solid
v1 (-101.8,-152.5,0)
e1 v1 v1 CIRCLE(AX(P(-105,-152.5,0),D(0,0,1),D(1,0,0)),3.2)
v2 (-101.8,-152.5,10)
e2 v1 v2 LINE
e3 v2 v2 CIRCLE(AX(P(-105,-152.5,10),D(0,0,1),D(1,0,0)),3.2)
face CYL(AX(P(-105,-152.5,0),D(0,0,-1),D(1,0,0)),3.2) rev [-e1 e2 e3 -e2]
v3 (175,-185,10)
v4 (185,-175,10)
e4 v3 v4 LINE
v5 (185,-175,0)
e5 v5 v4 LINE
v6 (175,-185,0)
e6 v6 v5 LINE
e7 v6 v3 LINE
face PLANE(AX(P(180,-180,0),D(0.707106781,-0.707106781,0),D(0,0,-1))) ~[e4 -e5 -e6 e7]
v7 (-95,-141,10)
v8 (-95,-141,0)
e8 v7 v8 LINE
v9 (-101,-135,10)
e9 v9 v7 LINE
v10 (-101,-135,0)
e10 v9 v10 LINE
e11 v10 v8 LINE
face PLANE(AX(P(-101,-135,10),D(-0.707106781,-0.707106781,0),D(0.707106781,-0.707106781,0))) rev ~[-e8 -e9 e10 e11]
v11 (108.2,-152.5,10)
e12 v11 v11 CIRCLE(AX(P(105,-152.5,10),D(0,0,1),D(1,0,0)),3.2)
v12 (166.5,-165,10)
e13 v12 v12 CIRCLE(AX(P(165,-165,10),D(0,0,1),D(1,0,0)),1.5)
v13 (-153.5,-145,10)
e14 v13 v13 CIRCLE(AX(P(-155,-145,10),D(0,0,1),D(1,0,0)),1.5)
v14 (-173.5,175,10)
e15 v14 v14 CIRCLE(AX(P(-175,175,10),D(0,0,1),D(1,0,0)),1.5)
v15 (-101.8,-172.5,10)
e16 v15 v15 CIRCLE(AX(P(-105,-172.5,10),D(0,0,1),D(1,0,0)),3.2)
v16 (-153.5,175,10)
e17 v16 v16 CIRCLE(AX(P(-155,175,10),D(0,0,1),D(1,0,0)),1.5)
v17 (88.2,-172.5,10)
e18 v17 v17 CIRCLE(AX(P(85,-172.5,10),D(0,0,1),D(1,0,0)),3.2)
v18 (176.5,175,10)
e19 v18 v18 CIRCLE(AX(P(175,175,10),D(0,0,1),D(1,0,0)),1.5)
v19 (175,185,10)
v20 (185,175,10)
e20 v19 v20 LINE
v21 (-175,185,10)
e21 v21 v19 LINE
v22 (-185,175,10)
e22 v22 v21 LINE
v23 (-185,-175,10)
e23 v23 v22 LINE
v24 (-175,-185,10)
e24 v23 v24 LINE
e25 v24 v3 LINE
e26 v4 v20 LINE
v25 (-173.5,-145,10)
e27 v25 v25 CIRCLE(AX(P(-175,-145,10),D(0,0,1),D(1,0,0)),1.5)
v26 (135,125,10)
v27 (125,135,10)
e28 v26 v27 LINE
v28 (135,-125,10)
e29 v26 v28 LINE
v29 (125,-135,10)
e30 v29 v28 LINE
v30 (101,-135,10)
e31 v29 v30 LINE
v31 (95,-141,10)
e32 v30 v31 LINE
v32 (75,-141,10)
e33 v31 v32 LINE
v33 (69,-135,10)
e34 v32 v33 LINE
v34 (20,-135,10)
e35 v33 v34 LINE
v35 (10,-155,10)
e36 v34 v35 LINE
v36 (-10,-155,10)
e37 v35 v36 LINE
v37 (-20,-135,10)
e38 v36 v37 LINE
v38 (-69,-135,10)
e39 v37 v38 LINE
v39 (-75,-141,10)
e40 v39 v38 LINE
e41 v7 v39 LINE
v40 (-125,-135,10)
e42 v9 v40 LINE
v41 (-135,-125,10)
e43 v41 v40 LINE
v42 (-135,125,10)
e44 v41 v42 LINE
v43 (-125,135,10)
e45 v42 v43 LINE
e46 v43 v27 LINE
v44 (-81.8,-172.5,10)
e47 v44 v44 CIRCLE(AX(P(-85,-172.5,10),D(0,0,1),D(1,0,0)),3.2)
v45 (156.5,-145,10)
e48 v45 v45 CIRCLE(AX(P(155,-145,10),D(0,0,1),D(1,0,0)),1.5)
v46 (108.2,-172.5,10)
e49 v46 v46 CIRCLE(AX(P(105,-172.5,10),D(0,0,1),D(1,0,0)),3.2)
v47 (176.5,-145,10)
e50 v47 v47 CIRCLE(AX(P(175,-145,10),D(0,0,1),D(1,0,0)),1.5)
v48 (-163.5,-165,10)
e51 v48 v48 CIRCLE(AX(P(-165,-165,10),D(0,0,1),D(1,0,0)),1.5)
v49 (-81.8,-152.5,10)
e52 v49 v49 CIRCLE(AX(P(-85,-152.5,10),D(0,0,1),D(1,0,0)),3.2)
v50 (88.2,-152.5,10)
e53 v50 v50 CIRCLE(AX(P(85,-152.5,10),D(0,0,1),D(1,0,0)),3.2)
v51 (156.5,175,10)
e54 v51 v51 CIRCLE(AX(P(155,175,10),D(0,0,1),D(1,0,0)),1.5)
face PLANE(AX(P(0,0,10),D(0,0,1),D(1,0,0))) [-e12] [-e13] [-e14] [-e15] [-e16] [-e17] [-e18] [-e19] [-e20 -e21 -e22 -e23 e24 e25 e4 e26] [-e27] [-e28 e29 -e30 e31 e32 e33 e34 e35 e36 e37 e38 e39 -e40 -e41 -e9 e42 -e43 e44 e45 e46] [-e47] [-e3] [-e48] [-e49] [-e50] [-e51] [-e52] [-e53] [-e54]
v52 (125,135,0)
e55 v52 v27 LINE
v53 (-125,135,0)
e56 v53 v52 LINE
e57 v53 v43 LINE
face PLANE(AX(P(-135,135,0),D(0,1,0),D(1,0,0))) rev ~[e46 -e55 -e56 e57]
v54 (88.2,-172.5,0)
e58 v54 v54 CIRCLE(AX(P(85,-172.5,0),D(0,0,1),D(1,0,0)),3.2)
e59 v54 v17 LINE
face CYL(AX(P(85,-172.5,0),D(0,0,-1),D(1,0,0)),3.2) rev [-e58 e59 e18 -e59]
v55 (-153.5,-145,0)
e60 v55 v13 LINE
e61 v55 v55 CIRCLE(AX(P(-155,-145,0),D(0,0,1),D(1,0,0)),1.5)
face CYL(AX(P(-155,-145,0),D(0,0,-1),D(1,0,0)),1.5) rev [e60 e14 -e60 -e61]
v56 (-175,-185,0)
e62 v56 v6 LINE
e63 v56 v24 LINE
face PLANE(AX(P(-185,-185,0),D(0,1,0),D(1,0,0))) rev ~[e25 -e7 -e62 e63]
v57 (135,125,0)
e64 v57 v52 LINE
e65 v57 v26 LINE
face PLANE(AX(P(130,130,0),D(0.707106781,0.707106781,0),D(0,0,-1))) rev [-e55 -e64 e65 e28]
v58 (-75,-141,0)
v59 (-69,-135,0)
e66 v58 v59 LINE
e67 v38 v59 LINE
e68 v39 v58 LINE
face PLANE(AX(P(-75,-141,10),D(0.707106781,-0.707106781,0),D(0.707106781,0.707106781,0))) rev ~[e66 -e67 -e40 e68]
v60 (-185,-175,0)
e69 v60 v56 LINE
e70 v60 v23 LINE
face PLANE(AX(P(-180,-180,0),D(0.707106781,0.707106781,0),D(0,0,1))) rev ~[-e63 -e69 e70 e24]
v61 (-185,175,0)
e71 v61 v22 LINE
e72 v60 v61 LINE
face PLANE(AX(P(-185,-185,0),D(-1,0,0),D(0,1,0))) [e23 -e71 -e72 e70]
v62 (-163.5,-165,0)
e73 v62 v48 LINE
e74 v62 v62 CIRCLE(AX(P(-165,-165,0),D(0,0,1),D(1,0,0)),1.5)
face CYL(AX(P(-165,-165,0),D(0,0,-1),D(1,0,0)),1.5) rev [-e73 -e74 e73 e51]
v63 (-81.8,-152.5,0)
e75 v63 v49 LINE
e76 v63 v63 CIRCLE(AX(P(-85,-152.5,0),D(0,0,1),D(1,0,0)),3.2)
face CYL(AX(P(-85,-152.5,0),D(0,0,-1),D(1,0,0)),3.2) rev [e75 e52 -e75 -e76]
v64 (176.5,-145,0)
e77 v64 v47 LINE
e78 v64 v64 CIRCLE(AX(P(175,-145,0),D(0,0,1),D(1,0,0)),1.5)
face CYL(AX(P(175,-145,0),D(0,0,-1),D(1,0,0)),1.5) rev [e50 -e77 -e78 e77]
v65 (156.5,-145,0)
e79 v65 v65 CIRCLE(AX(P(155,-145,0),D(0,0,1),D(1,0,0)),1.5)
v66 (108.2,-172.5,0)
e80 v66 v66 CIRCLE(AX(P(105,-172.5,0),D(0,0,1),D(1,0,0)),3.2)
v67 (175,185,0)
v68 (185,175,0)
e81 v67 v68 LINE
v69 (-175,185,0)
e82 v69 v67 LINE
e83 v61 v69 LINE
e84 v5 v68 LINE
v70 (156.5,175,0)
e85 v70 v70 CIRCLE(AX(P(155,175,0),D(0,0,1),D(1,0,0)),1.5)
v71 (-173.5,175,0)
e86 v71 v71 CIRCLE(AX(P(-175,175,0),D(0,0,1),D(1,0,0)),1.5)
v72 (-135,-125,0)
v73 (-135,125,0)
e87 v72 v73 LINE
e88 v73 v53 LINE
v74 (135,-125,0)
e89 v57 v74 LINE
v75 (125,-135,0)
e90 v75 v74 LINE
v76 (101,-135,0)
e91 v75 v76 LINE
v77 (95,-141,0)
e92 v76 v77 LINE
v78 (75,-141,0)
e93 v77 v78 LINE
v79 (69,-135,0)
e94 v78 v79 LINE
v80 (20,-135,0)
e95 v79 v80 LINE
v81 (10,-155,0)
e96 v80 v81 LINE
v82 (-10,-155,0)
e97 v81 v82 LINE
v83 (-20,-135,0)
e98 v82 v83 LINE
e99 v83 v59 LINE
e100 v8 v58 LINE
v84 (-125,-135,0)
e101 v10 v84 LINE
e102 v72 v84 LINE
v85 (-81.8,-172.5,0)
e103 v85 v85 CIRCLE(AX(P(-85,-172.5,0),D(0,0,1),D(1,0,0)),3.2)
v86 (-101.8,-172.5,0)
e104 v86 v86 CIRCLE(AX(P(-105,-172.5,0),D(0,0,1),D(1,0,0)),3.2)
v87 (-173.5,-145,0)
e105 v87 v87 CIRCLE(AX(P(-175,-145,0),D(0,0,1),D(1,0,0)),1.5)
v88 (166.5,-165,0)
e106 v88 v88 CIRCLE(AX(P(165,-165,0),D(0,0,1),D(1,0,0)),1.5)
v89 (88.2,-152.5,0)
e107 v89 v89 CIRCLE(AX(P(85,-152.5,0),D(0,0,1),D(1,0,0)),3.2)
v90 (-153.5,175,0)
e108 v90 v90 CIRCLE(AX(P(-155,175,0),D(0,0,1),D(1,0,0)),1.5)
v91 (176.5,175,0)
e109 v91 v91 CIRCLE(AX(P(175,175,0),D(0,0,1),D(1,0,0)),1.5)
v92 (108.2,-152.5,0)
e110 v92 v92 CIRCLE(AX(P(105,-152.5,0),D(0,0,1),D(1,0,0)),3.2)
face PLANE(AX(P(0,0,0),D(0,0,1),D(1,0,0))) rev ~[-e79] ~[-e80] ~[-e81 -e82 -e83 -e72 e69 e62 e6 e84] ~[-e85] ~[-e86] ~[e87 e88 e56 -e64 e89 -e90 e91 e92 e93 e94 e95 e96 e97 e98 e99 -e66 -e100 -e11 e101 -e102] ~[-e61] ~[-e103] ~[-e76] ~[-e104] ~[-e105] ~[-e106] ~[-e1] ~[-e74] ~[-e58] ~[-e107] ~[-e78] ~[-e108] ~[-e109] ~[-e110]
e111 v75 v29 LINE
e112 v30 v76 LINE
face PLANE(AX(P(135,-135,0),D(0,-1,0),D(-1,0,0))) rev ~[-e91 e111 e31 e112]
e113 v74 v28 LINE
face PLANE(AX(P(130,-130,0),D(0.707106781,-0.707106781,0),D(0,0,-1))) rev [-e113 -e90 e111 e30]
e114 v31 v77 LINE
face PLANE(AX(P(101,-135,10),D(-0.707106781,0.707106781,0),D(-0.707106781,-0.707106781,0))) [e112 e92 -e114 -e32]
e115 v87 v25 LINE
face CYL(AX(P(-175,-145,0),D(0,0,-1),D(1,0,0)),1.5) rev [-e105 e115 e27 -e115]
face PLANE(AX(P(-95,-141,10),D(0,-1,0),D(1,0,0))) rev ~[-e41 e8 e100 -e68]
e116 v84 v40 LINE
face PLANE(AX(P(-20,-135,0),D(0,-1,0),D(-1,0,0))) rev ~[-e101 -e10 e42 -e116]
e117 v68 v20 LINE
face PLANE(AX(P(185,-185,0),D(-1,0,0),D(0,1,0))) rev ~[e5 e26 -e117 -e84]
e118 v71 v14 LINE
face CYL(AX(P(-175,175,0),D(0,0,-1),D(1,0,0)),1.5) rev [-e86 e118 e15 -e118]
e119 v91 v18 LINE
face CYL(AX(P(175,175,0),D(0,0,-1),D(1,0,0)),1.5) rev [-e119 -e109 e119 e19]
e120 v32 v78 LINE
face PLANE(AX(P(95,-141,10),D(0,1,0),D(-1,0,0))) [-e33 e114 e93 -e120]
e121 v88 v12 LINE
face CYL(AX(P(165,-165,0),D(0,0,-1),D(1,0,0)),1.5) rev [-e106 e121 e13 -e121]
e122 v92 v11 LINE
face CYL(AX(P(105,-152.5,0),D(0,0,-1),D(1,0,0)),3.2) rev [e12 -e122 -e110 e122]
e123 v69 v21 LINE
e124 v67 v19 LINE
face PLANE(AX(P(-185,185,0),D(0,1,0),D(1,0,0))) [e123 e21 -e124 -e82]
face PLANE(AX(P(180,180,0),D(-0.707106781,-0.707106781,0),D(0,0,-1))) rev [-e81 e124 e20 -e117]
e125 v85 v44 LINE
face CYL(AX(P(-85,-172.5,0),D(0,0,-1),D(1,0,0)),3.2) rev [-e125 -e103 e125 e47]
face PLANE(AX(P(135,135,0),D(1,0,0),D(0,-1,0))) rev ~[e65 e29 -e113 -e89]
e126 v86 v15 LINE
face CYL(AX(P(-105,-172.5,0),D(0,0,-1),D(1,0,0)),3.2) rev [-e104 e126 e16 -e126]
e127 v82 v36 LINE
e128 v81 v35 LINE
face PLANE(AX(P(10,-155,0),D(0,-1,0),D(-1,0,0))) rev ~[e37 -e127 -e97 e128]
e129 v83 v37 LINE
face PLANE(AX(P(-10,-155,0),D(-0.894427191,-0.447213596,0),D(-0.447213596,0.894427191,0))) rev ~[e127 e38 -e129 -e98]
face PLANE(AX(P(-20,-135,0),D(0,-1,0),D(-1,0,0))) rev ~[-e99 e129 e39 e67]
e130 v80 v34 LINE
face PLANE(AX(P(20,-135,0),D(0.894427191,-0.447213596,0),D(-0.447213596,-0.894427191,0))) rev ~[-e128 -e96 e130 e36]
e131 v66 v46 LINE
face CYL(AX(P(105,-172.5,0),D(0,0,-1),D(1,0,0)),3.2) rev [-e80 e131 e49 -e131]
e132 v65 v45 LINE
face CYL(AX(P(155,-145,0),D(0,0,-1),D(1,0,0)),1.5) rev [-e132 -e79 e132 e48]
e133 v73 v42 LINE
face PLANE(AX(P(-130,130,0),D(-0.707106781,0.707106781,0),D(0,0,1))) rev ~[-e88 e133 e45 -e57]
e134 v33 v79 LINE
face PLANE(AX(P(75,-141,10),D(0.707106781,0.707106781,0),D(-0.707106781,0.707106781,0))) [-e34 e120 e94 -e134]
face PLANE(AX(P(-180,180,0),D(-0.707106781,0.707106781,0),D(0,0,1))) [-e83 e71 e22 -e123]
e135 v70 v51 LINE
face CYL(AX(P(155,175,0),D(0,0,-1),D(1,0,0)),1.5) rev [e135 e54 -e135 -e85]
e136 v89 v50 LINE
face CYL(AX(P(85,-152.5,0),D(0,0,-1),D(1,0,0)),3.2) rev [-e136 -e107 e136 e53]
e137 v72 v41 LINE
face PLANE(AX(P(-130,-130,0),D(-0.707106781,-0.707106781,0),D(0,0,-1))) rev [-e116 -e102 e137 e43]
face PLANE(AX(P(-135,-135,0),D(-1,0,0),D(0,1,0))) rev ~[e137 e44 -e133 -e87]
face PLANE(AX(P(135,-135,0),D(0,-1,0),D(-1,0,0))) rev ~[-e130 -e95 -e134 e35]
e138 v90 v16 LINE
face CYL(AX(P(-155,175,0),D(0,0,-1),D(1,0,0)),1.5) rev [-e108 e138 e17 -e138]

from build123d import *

# Parameters (mm, degrees)
SKETCH1_W           = 370
SKETCH1_H           = 370
SKETCH1_R           = 3.2
SKETCH1_R_2         = 1.5
BOSS_EXTRUDE1_DEPTH = 10
CHAMFER1_SIZE       = 10
CUT_EXTRUDE1_DEPTH  = 10


with BuildPart() as part:
    # Sketch1 → Boss-Extrude1 (new body)
    with BuildSketch(Plane.XY):
        Rectangle(SKETCH1_W, SKETCH1_H)
        with Locations((85, -152.5)):
            Circle(SKETCH1_R, mode=Mode.SUBTRACT)
        with Locations((85, -172.5)):
            Circle(SKETCH1_R, mode=Mode.SUBTRACT)
        with Locations((105, -152.5)):
            Circle(SKETCH1_R, mode=Mode.SUBTRACT)
        with Locations((105, -172.5)):
            Circle(SKETCH1_R, mode=Mode.SUBTRACT)
        with Locations((-105, -172.5)):
            Circle(SKETCH1_R, mode=Mode.SUBTRACT)
        with Locations((-105, -152.5)):
            Circle(SKETCH1_R, mode=Mode.SUBTRACT)
        with Locations((-85, -172.5)):
            Circle(SKETCH1_R, mode=Mode.SUBTRACT)
        with Locations((-85, -152.5)):
            Circle(SKETCH1_R, mode=Mode.SUBTRACT)
        with Locations((155, -145)):
            Circle(SKETCH1_R_2, mode=Mode.SUBTRACT)
        with Locations((175, -145)):
            Circle(SKETCH1_R_2, mode=Mode.SUBTRACT)
        with Locations((165, -165)):
            Circle(SKETCH1_R_2, mode=Mode.SUBTRACT)
        with Locations((-155, -145)):
            Circle(SKETCH1_R_2, mode=Mode.SUBTRACT)
        with Locations((-175, -145)):
            Circle(SKETCH1_R_2, mode=Mode.SUBTRACT)
        with Locations((-165, -165)):
            Circle(SKETCH1_R_2, mode=Mode.SUBTRACT)
        with Locations((155, 175)):
            Circle(SKETCH1_R_2, mode=Mode.SUBTRACT)
        with Locations((175, 175)):
            Circle(SKETCH1_R_2, mode=Mode.SUBTRACT)
        with Locations((-155, 175)):
            Circle(SKETCH1_R_2, mode=Mode.SUBTRACT)
        with Locations((-175, 175)):
            Circle(SKETCH1_R_2, mode=Mode.SUBTRACT)
        Polygon((-135, 135), (135, 135), (135, -135), (20, -135), (10, -155), (-10, -155), (-20, -135), (-135, -135), align=None, mode=Mode.SUBTRACT)
    extrude(amount=BOSS_EXTRUDE1_DEPTH)

    # Chamfer1
    chamfer1_edges = [part.edges().sort_by_distance(p)[0] for p in [
        (135, -135, 5),
        (135, 135, 5),
        (-135, 135, 5),
        (-135, -135, 5),
        (-185, -185, 5),
        (-185, 185, 5),
        (185, 185, 5),
        (185, -185, 5),
    ]]
    chamfer(chamfer1_edges, length=CHAMFER1_SIZE)

    # Sketch2 → Cut-Extrude1 (cut)
    with BuildSketch(Plane.XY.offset(10)):
        Polygon((-101, -135), (-95, -141), (-75, -141), (-69, -135), align=None)
        Polygon((75, -141), (69, -135), (101, -135), (95, -141), align=None)
    extrude(amount=-CUT_EXTRUDE1_DEPTH, mode=Mode.SUBTRACT)


solid = part.part
